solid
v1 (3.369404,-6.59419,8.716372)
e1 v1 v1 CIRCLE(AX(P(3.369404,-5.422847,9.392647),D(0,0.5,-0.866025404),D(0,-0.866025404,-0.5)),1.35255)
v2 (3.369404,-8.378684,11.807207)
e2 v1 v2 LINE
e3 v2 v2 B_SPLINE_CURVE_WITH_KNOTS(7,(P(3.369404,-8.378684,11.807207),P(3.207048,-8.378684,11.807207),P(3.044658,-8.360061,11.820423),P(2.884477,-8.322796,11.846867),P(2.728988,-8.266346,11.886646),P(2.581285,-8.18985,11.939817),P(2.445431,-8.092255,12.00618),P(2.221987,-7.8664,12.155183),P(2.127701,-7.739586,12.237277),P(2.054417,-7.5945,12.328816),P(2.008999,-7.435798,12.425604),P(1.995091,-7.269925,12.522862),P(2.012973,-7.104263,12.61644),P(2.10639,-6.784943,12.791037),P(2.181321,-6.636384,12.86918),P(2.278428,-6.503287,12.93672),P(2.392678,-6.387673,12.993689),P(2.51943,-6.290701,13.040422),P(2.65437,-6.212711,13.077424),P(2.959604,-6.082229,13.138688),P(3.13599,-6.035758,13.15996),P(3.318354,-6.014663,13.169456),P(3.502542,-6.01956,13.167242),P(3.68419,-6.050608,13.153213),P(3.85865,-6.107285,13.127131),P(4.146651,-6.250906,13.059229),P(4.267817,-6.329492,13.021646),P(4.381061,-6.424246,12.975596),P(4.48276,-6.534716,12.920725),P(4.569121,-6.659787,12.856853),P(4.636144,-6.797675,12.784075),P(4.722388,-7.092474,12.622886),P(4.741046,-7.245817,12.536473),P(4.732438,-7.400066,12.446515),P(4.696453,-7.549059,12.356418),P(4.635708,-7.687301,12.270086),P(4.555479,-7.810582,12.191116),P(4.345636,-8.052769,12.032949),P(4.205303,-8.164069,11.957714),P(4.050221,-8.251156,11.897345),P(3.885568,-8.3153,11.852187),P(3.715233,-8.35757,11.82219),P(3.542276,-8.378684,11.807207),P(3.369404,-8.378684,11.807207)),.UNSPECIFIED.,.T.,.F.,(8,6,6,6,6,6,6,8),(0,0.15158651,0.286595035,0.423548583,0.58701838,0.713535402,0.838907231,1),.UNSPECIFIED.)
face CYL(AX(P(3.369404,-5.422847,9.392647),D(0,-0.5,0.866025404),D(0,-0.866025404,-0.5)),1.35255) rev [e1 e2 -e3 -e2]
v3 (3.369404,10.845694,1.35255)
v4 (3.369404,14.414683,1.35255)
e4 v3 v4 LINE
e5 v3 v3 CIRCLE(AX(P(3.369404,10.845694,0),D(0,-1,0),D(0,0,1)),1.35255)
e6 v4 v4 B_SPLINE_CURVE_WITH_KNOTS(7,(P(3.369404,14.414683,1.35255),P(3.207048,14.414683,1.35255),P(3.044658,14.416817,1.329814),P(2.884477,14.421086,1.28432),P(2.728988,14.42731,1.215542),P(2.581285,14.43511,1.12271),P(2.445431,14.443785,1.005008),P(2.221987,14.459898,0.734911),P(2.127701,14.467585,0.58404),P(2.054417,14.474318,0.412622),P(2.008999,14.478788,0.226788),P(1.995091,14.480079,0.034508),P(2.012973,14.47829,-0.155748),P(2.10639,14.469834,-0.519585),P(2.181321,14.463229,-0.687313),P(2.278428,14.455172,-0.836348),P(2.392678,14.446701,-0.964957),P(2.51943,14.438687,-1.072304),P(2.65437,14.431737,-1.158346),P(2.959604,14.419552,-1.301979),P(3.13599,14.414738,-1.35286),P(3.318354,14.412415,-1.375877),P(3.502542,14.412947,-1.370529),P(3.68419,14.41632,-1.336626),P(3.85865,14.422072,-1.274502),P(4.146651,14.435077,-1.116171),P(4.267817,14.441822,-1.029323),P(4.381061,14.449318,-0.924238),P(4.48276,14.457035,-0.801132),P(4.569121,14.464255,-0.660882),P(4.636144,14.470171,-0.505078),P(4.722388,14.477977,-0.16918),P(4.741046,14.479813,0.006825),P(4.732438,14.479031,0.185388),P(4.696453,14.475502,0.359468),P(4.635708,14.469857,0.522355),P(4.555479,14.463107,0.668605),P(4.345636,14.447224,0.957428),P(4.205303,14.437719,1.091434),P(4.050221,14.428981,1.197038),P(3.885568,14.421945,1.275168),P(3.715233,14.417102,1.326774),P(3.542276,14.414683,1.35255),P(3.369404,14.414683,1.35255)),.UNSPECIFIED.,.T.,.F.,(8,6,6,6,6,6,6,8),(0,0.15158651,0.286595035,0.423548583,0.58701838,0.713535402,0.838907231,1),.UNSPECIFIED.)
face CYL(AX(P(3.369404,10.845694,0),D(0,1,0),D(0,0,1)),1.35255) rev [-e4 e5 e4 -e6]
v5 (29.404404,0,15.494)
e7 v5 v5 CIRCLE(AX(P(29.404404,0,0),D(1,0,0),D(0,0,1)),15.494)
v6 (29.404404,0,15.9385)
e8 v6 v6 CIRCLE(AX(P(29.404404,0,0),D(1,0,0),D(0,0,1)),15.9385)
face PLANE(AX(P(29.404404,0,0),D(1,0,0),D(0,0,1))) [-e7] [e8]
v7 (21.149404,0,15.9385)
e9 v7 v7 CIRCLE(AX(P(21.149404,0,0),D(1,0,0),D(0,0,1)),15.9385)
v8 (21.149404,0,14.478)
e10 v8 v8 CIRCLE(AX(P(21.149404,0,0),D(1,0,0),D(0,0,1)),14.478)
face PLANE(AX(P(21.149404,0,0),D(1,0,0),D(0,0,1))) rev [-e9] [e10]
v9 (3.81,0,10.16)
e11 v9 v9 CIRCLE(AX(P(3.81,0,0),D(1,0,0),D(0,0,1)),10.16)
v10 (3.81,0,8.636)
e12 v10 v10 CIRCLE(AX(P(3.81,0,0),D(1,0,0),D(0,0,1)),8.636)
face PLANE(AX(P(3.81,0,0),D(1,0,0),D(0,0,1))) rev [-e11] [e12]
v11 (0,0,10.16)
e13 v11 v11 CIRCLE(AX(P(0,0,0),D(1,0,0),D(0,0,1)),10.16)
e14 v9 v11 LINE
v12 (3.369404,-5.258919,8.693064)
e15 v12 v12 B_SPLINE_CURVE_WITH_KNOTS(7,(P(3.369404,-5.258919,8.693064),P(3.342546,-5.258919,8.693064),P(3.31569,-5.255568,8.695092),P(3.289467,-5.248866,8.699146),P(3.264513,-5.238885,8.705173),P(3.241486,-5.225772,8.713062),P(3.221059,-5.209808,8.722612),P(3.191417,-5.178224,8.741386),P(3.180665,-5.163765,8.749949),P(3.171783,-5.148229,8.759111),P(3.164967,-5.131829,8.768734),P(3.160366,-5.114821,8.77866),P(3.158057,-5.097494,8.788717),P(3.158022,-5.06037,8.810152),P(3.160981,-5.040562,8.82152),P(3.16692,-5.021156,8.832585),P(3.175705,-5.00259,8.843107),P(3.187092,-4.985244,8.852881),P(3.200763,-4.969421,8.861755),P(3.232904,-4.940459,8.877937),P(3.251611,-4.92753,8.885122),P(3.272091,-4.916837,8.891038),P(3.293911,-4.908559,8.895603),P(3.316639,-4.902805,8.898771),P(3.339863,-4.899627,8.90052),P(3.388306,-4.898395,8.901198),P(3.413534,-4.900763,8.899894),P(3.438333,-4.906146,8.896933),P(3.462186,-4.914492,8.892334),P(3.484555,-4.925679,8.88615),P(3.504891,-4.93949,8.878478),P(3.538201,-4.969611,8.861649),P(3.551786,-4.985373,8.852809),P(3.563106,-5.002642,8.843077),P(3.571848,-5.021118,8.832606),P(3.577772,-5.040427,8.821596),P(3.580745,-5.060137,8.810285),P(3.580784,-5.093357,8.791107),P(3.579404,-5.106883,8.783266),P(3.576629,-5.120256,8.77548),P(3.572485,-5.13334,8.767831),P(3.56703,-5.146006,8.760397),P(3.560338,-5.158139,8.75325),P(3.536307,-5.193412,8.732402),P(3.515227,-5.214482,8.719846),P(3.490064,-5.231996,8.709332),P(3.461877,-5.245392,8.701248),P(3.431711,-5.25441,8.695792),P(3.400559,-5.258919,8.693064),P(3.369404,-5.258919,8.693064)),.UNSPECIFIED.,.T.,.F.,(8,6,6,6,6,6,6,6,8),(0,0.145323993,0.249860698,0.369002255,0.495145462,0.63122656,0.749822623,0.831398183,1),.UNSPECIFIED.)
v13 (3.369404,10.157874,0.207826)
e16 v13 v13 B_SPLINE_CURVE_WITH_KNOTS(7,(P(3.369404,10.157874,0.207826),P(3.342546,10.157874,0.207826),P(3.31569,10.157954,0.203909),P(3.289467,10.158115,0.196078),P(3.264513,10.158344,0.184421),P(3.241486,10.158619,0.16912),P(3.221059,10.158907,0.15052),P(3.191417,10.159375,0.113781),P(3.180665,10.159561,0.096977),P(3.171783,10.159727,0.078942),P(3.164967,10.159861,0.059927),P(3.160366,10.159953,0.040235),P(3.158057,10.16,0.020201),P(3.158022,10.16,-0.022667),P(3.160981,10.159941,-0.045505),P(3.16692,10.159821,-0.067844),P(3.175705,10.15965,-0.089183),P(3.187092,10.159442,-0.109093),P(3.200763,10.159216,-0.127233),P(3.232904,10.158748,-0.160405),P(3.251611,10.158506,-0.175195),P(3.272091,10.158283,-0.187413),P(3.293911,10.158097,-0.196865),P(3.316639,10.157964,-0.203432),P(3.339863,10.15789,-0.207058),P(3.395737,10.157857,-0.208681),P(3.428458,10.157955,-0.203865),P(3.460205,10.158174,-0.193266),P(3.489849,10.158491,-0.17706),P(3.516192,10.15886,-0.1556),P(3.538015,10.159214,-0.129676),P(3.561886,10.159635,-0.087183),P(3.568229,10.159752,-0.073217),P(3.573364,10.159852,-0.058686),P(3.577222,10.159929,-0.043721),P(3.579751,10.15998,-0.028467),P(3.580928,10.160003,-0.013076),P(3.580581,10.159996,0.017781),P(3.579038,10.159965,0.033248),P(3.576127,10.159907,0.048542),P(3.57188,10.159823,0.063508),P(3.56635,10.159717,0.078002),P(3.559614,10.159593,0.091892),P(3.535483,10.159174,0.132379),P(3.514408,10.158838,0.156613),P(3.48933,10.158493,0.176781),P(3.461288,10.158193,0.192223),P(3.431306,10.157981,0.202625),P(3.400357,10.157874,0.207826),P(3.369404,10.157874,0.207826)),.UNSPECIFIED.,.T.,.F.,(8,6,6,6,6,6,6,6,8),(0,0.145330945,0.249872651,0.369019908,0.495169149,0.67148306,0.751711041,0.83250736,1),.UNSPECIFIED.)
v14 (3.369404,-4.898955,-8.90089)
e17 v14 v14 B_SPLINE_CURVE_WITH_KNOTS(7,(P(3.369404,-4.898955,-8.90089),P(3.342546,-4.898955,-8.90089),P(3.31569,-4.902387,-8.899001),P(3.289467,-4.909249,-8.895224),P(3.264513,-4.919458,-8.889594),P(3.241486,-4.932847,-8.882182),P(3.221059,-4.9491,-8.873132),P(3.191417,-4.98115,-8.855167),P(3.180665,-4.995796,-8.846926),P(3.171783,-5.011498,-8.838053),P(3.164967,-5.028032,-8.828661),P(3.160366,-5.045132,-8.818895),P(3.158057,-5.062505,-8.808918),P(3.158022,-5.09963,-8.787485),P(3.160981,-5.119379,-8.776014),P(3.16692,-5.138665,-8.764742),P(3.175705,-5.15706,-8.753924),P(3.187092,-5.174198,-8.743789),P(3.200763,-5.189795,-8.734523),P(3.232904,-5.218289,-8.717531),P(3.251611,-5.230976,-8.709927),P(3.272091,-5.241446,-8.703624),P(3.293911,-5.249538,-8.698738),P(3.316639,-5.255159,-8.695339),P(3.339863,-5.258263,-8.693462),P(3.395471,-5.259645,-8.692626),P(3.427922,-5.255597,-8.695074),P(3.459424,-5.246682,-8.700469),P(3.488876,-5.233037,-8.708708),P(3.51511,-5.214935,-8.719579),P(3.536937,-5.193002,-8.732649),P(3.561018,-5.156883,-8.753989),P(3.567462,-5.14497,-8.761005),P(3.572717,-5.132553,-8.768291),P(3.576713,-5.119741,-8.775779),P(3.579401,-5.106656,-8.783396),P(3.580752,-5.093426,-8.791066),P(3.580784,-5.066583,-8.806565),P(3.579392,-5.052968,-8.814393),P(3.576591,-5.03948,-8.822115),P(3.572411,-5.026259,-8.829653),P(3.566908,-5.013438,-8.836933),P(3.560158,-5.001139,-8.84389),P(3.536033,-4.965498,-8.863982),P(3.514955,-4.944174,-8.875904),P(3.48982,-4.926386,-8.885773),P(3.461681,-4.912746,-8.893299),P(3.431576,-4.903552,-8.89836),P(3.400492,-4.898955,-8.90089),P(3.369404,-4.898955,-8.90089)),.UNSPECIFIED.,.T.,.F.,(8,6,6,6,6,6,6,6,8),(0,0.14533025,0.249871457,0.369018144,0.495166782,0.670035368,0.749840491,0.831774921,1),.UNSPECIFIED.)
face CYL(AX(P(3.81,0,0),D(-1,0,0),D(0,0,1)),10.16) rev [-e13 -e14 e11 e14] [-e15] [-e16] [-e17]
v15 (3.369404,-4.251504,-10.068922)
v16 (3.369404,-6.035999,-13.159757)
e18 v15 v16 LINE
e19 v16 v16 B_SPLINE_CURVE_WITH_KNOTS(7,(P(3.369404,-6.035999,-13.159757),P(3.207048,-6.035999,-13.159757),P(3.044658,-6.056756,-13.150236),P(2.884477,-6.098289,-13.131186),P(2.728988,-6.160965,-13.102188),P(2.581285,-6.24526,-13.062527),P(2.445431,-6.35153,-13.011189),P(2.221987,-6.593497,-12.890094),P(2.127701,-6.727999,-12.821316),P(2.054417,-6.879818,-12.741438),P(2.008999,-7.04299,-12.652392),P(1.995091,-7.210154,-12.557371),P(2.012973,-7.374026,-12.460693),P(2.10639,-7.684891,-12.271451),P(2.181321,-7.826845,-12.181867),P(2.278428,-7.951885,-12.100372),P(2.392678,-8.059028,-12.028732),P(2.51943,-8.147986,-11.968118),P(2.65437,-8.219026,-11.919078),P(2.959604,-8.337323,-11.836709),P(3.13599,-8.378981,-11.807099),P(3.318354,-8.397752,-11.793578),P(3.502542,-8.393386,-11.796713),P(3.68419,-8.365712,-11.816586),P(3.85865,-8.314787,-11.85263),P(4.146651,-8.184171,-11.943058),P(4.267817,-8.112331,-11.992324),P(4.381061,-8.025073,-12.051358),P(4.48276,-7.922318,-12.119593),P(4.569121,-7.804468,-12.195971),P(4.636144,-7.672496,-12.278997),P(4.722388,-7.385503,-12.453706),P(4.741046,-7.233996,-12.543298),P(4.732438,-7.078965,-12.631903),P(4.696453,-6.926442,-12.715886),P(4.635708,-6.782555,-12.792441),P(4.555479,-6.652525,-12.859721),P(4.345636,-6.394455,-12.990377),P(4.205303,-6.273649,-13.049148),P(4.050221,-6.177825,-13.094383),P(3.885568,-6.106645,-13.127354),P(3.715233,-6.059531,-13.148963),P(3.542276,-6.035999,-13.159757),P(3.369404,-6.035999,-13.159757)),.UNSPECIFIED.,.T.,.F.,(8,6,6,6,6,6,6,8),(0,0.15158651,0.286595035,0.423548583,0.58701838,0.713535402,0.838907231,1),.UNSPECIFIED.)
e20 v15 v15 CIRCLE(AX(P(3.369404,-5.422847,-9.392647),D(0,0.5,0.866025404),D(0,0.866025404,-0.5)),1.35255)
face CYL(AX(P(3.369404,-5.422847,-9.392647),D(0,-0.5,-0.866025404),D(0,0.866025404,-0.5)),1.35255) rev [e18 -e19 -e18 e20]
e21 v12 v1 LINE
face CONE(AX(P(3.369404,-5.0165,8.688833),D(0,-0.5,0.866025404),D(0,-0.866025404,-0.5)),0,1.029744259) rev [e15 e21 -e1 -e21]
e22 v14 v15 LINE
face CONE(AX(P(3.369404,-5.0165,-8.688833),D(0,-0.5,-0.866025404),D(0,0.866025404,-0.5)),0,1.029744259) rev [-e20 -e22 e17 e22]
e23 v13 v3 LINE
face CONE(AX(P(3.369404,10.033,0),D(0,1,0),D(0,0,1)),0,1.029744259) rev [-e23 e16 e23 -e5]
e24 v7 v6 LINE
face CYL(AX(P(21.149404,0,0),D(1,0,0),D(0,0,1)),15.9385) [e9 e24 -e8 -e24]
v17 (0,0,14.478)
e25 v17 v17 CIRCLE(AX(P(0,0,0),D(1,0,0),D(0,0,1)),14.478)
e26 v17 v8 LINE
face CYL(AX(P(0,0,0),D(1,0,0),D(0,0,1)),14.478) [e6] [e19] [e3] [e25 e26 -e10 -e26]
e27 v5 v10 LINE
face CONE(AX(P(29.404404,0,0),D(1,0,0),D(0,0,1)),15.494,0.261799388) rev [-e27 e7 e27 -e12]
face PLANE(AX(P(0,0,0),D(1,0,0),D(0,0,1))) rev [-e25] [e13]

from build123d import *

# Parameters (mm, degrees)
CIRPATTERN1_COUNT = 3


with BuildPart() as part:
    # Sketch1 → Revolve1 (revolve)
    with BuildSketch(Plane.XY, mode=Mode.PRIVATE) as revolve1_sk:
        Polygon((0, 14.478), (21.149404438, 14.478), (21.149404438, 15.9385), (29.404404438, 15.9385), (29.404404438, 15.494), (3.81, 8.636), (3.81, 10.16), (0, 10.16), align=None)
    revolve(revolve1_sk.sketch.rotate(Axis((0, 0, 0), (1, 0, 0)), 90), axis=Axis((0, 0, 0), (1, 0, 0)))

    # Sketch3 → #6-32 Tapped Hole1 (revolve, cut)
    with BuildSketch(Plane(origin=(3.369404438, 14.478, 0), x_dir=(0, 0, 1), z_dir=(1, 0, 0))):
        Polygon((0, 0), (0, 4.445), (1.35255, 3.63230597), (1.35255, 0), align=None)
    f_6_32_tapped_hole1 = revolve(axis=Axis((3.369404438, 20.828, 0), (0, -1, 0)), mode=Mode.SUBTRACT)

    # CirPattern1: #6-32 Tapped Hole1 ×3 about axis
    cirpattern1_axis = Axis((0, 0, 0), (-1, 0, 0))
    for i in range(1, CIRPATTERN1_COUNT):
        add(f_6_32_tapped_hole1.rotate(cirpattern1_axis, i * 360 / CIRPATTERN1_COUNT), mode=Mode.SUBTRACT)


solid = part.part
